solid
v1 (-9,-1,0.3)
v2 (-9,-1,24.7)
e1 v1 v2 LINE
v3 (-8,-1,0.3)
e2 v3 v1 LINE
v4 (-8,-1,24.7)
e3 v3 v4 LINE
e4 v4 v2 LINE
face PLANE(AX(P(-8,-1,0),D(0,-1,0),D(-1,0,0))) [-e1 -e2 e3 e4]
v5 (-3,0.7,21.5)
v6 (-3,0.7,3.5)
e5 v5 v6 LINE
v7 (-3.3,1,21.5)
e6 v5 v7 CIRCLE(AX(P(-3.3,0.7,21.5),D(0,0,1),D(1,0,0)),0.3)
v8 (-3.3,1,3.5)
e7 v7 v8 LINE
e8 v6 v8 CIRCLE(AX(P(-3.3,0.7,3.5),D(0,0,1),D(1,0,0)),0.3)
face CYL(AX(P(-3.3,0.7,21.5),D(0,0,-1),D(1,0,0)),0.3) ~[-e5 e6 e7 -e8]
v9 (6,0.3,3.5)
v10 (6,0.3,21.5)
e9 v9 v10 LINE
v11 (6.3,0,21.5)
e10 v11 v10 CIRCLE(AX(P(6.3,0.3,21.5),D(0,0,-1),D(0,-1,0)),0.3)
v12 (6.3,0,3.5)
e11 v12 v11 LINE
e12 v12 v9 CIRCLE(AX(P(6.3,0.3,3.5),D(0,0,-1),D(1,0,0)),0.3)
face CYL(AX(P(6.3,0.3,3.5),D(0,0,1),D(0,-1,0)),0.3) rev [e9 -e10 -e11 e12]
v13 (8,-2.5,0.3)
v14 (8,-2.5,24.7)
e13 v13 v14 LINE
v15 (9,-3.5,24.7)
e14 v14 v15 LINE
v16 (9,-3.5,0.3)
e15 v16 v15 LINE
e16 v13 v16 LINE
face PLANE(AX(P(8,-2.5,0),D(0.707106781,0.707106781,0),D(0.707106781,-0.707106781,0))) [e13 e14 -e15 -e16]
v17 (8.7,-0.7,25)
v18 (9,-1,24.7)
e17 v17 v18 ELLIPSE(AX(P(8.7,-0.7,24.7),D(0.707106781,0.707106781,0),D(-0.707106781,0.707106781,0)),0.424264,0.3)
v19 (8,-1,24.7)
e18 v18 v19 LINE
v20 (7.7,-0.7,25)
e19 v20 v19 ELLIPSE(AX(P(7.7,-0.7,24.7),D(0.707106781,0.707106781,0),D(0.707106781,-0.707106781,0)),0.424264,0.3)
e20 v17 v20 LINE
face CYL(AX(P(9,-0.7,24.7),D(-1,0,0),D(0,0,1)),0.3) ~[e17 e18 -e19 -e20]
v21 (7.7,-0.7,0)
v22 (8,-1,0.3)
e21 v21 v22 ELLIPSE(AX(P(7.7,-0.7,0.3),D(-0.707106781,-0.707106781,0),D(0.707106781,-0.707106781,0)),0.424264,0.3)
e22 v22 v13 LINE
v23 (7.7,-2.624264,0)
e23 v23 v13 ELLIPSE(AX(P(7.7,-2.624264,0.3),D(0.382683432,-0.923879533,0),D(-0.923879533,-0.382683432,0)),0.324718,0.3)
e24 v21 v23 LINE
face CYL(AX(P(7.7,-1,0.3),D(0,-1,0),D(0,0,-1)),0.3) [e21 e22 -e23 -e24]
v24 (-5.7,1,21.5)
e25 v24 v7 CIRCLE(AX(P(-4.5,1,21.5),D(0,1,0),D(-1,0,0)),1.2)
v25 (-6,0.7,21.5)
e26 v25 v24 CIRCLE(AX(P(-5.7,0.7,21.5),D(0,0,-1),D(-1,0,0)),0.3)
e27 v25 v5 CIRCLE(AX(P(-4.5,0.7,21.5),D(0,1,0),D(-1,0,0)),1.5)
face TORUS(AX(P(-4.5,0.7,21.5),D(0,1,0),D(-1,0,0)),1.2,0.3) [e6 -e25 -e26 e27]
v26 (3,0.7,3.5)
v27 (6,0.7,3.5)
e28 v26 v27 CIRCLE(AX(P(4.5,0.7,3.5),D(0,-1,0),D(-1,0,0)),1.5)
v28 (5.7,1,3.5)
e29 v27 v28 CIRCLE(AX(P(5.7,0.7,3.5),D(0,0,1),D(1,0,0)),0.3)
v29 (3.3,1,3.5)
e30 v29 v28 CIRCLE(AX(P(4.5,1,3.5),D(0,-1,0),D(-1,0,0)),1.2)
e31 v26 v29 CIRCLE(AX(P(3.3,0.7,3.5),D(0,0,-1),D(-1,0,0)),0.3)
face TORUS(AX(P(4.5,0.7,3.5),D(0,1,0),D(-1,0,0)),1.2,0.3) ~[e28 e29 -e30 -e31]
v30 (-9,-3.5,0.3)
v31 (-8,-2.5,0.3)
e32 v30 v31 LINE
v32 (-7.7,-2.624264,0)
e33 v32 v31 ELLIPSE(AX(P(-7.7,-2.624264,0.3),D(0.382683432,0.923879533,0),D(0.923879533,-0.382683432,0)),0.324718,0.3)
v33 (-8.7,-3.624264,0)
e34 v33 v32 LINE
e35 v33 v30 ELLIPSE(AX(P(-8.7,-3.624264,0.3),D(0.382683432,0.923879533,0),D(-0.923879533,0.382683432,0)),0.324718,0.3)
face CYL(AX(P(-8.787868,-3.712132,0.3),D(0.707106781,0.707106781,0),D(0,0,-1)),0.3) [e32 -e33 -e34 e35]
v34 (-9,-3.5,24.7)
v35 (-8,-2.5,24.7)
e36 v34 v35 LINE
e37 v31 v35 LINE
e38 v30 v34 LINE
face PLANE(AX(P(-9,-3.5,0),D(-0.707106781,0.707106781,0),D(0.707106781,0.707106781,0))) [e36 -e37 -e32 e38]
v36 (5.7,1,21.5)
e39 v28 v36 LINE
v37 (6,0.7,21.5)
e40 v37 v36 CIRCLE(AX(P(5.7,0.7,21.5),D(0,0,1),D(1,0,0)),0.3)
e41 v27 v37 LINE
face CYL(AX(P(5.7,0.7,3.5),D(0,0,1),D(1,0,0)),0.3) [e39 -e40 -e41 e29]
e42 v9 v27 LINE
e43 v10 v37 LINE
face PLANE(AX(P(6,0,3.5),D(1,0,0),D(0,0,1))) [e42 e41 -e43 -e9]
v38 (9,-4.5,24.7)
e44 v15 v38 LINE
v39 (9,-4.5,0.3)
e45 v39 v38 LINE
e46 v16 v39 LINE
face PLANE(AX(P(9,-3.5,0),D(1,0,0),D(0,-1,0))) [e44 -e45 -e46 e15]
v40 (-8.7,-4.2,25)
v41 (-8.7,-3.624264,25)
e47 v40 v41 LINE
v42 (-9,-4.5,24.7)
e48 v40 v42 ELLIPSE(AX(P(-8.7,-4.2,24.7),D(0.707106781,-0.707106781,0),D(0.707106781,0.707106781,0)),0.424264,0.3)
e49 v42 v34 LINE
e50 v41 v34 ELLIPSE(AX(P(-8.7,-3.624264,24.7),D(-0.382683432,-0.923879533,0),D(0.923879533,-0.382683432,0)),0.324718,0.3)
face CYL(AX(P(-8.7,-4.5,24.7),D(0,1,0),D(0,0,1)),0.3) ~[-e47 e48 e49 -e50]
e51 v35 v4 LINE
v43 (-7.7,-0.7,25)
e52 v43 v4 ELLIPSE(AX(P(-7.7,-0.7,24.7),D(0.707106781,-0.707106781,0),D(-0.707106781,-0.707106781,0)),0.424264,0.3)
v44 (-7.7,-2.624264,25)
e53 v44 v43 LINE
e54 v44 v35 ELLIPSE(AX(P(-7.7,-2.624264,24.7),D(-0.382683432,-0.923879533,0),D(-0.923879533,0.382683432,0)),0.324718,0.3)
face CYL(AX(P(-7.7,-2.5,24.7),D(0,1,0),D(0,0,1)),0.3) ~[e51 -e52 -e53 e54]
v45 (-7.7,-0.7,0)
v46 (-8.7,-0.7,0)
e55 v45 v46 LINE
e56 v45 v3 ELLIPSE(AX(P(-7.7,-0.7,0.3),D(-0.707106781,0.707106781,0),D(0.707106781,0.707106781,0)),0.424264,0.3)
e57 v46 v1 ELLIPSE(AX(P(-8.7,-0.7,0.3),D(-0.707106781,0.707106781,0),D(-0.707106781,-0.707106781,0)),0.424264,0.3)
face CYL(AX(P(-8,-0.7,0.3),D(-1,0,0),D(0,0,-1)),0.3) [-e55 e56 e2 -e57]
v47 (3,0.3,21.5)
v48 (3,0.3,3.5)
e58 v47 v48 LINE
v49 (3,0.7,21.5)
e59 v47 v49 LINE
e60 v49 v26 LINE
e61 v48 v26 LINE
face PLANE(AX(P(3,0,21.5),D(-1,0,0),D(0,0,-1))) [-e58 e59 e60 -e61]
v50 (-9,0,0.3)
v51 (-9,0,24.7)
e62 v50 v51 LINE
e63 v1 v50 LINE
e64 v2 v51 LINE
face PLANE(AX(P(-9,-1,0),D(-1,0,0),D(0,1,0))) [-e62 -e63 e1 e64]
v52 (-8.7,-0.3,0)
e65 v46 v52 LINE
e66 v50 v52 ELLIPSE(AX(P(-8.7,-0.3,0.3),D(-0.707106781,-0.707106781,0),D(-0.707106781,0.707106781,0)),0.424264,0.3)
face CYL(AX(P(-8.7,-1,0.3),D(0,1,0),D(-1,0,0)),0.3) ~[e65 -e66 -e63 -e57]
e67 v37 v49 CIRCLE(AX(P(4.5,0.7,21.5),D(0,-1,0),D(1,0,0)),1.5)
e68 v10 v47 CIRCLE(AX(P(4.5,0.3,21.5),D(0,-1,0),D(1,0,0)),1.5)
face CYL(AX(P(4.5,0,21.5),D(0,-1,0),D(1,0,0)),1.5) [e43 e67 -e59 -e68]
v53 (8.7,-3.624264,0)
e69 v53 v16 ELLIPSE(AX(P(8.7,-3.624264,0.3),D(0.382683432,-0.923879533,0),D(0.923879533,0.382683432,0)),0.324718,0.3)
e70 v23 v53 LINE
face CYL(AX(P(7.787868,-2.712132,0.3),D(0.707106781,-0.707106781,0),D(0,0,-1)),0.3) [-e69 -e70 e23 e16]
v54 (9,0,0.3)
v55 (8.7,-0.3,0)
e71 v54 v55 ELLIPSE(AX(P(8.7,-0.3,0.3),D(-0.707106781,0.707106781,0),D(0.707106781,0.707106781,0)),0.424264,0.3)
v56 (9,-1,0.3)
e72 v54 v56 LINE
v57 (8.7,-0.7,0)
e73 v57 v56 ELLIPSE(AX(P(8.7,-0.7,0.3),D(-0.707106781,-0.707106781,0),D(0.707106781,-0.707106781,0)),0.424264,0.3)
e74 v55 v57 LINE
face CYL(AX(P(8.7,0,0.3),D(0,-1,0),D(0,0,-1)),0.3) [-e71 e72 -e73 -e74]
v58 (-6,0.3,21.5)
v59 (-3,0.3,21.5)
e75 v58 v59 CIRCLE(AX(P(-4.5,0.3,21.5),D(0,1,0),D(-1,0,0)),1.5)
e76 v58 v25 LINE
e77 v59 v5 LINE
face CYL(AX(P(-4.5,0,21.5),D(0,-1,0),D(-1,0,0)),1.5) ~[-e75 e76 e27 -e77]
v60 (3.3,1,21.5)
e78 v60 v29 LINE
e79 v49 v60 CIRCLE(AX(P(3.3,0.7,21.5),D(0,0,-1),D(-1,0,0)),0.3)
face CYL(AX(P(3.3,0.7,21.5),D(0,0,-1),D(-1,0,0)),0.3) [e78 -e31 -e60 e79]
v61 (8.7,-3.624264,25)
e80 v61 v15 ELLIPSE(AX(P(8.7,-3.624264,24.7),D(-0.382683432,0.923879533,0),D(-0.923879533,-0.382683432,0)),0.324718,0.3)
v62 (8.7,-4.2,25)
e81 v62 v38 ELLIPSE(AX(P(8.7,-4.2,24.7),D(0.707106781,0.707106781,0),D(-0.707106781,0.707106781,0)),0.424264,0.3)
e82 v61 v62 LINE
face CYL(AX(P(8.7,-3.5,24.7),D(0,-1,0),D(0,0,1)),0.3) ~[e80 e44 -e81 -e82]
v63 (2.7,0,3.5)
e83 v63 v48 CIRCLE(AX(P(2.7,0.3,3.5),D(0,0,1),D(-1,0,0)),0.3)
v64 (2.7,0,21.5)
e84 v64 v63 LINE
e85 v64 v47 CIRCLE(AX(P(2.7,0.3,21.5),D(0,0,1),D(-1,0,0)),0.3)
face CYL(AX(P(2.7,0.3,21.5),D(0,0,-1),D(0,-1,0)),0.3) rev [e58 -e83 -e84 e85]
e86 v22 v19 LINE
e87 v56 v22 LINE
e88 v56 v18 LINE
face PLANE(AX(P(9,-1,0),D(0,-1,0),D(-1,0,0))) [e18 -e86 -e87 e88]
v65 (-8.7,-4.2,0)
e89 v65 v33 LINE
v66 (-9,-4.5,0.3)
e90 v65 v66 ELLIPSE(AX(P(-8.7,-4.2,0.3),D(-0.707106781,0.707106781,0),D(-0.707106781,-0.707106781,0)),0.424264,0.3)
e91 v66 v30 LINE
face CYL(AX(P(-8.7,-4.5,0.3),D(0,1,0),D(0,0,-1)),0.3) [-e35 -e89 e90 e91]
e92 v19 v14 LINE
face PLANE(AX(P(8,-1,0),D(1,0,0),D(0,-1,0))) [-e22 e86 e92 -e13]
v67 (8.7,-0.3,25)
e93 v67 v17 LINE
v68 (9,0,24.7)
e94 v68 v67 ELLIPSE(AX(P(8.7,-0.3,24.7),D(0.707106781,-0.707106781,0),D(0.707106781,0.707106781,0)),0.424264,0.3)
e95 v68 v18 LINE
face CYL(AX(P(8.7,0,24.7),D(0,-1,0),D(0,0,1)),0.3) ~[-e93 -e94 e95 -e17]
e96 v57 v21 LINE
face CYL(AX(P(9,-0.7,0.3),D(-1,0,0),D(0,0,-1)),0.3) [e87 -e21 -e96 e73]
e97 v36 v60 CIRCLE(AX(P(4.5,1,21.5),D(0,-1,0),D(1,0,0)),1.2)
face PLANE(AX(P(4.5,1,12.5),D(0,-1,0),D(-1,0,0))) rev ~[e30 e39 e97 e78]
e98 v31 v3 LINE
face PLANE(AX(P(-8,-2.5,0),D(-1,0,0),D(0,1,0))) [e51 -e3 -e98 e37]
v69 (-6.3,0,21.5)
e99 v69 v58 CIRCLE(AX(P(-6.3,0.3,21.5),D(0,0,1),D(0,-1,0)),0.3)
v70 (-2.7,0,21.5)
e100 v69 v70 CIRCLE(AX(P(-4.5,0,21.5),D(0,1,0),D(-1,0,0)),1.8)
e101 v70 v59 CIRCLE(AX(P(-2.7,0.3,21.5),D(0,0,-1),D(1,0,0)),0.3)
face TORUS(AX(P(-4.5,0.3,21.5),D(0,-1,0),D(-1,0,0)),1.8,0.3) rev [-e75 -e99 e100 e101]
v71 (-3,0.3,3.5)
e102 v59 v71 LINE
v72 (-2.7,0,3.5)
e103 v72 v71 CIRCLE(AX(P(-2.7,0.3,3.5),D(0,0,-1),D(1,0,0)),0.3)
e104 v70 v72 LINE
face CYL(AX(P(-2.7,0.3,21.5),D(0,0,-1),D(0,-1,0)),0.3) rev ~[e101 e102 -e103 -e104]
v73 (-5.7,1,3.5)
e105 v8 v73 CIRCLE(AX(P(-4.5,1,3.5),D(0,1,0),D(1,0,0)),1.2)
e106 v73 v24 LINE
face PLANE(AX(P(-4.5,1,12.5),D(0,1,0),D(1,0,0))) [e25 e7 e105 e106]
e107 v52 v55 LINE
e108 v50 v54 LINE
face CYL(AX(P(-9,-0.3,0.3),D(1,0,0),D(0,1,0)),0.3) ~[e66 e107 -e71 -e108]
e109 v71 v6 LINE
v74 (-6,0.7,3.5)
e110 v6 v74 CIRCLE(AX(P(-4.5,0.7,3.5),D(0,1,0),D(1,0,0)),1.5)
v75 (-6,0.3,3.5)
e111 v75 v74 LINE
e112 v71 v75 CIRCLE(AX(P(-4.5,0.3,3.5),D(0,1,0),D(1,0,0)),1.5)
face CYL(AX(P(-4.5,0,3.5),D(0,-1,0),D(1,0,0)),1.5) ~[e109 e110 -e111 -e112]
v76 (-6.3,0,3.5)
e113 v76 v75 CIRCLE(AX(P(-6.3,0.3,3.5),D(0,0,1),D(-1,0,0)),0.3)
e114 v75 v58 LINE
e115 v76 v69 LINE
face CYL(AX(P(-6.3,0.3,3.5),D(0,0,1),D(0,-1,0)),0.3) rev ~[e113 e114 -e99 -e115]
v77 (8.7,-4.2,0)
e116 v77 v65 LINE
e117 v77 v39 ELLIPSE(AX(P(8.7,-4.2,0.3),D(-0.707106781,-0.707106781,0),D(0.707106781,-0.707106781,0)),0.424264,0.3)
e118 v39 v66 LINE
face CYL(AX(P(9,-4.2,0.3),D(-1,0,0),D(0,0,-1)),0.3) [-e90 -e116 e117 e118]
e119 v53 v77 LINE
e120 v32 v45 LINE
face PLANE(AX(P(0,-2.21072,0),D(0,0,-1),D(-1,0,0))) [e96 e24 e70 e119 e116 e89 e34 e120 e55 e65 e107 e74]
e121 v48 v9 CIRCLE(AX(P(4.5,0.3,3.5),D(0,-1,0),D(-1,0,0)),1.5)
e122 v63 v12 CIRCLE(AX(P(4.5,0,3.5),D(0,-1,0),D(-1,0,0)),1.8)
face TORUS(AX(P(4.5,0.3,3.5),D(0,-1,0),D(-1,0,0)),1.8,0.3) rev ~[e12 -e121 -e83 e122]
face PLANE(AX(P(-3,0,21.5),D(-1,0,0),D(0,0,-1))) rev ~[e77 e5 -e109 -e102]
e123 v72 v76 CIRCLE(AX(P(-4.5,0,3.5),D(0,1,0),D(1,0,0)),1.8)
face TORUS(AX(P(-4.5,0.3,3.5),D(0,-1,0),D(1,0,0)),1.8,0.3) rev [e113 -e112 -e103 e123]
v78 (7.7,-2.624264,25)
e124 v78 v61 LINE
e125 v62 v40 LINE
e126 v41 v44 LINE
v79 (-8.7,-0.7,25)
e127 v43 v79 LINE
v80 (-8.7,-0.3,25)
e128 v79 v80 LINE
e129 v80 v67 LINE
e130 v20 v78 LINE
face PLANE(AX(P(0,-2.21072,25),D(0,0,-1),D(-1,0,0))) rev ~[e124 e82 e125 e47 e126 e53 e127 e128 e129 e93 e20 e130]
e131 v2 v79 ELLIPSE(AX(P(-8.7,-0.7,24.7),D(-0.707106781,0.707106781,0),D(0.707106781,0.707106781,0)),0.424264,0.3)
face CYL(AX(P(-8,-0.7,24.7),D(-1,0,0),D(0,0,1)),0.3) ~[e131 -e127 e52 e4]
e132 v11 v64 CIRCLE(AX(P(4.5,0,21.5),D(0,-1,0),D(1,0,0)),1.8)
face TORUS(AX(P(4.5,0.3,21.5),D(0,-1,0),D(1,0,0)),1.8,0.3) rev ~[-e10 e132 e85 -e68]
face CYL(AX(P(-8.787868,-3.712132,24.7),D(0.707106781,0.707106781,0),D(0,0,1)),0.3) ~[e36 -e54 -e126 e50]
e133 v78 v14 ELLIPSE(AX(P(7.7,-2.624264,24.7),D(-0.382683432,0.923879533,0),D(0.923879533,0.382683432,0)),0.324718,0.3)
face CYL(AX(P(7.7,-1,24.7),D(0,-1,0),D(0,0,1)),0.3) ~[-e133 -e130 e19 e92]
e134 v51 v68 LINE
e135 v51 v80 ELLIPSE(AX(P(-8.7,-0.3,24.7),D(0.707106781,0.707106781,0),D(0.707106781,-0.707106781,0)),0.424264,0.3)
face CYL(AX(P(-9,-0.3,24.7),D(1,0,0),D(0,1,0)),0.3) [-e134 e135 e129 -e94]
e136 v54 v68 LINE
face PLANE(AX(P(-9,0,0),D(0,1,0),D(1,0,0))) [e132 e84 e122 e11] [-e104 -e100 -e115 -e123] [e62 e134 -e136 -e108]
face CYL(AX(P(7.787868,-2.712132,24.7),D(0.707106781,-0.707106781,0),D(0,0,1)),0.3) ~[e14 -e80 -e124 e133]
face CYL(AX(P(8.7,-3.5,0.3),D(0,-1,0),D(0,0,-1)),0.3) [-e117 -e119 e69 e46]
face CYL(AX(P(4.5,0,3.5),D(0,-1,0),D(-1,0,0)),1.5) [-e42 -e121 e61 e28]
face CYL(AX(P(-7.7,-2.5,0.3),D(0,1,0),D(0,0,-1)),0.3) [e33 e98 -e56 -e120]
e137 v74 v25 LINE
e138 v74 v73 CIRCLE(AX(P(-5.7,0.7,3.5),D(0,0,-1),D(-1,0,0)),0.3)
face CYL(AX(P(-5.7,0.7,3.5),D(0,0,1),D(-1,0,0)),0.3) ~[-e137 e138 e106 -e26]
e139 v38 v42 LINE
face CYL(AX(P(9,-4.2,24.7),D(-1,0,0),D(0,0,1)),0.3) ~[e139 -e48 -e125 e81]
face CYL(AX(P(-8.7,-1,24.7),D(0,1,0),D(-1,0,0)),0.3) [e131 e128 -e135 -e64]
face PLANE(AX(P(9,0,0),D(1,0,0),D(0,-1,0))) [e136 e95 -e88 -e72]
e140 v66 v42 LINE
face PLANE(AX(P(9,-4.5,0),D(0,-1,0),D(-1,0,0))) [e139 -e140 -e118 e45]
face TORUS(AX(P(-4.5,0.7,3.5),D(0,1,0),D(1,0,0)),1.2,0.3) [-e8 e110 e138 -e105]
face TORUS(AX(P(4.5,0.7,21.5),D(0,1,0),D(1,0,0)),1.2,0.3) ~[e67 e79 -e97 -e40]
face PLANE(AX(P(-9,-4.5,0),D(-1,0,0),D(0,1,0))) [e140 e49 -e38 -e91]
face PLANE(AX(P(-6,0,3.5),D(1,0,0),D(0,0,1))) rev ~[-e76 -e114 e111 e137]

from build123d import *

# Parameters (mm, degrees)
BOSS_EXTRUDE1_DEPTH = 25
BOSS_EXTRUDE2_DEPTH = 1
FILLET1_R           = 0.3
FILLET2_R           = 0.3


with BuildPart() as part:
    # Sketch1 → Boss-Extrude1 (new body)
    with BuildSketch(Plane.XY):
        Polygon((8, -1), (8, -2.5), (9, -3.5), (9, -4.5), (-9, -4.5), (-9, -3.5), (-8, -2.5), (-8, -1), (-9, -1), (-9, 0), (9, 0), (9, -1), align=None)
    extrude(amount=BOSS_EXTRUDE1_DEPTH)

    # Sketch2 → Boss-Extrude2 (add)
    with BuildSketch(Plane(origin=(0, 0, 0), x_dir=(1, 0, 0), z_dir=(0, 1, 0))):
        with BuildLine():
            Line((6, -3.5), (6, -21.5))
            ThreePointArc((6, -21.5), (4.5, -23), (3, -21.5))
            Line((3, -21.5), (3, -3.5))
            ThreePointArc((3, -3.5), (4.5, -2), (6, -3.5))
        make_face()
        with BuildLine():
            Line((-6, -3.5), (-6, -21.5))
            ThreePointArc((-6, -21.5), (-4.5, -23), (-3, -21.5))
            Line((-3, -21.5), (-3, -3.5))
            ThreePointArc((-3, -3.5), (-4.5, -2), (-6, -3.5))
        make_face()
    extrude(amount=BOSS_EXTRUDE2_DEPTH)

    # Fillet1
    fillet1_edges = [part.edges().sort_by_distance(p)[0] for p in [
        (4.5, 0, 2),
        (3, 0, 12.5),
        (4.5, 0, 23),
        (6, 0, 12.5),
        (4.5, 1, 2),
        (3, 1, 12.5),
        (4.5, 1, 23),
        (6, 1, 12.5),
        (-4.5, 0, 2),
        (-6, 0, 12.5),
        (-4.5, 0, 23),
        (-3, 0, 12.5),
        (-4.5, 1, 2),
        (-6, 1, 12.5),
        (-4.5, 1, 23),
        (-3, 1, 12.5),
    ]]
    fillet(fillet1_edges, radius=FILLET1_R)

    # Fillet2
    fillet2_edges = [part.edges().sort_by_distance(p)[0] for p in [
        (8, -1.75, 0),
        (8.5, -3, 0),
        (0, 0, 25),
        (9, -4, 0),
        (0, -4.5, 0),
        (-9, -4, 0),
        (-8.5, -3, 0),
        (-8, -1.75, 0),
        (-8.5, -1, 0),
        (-9, -0.5, 0),
        (0, 0, 0),
        (9, -0.5, 0),
        (8.5, -1, 0),
        (-9, -0.5, 25),
        (-8.5, -1, 25),
        (-8, -1.75, 25),
        (-8.5, -3, 25),
        (-9, -4, 25),
        (0, -4.5, 25),
        (9, -4, 25),
        (8.5, -3, 25),
        (8, -1.75, 25),
        (8.5, -1, 25),
        (9, -0.5, 25),
    ]]
    fillet(fillet2_edges, radius=FILLET2_R)


solid = part.part
